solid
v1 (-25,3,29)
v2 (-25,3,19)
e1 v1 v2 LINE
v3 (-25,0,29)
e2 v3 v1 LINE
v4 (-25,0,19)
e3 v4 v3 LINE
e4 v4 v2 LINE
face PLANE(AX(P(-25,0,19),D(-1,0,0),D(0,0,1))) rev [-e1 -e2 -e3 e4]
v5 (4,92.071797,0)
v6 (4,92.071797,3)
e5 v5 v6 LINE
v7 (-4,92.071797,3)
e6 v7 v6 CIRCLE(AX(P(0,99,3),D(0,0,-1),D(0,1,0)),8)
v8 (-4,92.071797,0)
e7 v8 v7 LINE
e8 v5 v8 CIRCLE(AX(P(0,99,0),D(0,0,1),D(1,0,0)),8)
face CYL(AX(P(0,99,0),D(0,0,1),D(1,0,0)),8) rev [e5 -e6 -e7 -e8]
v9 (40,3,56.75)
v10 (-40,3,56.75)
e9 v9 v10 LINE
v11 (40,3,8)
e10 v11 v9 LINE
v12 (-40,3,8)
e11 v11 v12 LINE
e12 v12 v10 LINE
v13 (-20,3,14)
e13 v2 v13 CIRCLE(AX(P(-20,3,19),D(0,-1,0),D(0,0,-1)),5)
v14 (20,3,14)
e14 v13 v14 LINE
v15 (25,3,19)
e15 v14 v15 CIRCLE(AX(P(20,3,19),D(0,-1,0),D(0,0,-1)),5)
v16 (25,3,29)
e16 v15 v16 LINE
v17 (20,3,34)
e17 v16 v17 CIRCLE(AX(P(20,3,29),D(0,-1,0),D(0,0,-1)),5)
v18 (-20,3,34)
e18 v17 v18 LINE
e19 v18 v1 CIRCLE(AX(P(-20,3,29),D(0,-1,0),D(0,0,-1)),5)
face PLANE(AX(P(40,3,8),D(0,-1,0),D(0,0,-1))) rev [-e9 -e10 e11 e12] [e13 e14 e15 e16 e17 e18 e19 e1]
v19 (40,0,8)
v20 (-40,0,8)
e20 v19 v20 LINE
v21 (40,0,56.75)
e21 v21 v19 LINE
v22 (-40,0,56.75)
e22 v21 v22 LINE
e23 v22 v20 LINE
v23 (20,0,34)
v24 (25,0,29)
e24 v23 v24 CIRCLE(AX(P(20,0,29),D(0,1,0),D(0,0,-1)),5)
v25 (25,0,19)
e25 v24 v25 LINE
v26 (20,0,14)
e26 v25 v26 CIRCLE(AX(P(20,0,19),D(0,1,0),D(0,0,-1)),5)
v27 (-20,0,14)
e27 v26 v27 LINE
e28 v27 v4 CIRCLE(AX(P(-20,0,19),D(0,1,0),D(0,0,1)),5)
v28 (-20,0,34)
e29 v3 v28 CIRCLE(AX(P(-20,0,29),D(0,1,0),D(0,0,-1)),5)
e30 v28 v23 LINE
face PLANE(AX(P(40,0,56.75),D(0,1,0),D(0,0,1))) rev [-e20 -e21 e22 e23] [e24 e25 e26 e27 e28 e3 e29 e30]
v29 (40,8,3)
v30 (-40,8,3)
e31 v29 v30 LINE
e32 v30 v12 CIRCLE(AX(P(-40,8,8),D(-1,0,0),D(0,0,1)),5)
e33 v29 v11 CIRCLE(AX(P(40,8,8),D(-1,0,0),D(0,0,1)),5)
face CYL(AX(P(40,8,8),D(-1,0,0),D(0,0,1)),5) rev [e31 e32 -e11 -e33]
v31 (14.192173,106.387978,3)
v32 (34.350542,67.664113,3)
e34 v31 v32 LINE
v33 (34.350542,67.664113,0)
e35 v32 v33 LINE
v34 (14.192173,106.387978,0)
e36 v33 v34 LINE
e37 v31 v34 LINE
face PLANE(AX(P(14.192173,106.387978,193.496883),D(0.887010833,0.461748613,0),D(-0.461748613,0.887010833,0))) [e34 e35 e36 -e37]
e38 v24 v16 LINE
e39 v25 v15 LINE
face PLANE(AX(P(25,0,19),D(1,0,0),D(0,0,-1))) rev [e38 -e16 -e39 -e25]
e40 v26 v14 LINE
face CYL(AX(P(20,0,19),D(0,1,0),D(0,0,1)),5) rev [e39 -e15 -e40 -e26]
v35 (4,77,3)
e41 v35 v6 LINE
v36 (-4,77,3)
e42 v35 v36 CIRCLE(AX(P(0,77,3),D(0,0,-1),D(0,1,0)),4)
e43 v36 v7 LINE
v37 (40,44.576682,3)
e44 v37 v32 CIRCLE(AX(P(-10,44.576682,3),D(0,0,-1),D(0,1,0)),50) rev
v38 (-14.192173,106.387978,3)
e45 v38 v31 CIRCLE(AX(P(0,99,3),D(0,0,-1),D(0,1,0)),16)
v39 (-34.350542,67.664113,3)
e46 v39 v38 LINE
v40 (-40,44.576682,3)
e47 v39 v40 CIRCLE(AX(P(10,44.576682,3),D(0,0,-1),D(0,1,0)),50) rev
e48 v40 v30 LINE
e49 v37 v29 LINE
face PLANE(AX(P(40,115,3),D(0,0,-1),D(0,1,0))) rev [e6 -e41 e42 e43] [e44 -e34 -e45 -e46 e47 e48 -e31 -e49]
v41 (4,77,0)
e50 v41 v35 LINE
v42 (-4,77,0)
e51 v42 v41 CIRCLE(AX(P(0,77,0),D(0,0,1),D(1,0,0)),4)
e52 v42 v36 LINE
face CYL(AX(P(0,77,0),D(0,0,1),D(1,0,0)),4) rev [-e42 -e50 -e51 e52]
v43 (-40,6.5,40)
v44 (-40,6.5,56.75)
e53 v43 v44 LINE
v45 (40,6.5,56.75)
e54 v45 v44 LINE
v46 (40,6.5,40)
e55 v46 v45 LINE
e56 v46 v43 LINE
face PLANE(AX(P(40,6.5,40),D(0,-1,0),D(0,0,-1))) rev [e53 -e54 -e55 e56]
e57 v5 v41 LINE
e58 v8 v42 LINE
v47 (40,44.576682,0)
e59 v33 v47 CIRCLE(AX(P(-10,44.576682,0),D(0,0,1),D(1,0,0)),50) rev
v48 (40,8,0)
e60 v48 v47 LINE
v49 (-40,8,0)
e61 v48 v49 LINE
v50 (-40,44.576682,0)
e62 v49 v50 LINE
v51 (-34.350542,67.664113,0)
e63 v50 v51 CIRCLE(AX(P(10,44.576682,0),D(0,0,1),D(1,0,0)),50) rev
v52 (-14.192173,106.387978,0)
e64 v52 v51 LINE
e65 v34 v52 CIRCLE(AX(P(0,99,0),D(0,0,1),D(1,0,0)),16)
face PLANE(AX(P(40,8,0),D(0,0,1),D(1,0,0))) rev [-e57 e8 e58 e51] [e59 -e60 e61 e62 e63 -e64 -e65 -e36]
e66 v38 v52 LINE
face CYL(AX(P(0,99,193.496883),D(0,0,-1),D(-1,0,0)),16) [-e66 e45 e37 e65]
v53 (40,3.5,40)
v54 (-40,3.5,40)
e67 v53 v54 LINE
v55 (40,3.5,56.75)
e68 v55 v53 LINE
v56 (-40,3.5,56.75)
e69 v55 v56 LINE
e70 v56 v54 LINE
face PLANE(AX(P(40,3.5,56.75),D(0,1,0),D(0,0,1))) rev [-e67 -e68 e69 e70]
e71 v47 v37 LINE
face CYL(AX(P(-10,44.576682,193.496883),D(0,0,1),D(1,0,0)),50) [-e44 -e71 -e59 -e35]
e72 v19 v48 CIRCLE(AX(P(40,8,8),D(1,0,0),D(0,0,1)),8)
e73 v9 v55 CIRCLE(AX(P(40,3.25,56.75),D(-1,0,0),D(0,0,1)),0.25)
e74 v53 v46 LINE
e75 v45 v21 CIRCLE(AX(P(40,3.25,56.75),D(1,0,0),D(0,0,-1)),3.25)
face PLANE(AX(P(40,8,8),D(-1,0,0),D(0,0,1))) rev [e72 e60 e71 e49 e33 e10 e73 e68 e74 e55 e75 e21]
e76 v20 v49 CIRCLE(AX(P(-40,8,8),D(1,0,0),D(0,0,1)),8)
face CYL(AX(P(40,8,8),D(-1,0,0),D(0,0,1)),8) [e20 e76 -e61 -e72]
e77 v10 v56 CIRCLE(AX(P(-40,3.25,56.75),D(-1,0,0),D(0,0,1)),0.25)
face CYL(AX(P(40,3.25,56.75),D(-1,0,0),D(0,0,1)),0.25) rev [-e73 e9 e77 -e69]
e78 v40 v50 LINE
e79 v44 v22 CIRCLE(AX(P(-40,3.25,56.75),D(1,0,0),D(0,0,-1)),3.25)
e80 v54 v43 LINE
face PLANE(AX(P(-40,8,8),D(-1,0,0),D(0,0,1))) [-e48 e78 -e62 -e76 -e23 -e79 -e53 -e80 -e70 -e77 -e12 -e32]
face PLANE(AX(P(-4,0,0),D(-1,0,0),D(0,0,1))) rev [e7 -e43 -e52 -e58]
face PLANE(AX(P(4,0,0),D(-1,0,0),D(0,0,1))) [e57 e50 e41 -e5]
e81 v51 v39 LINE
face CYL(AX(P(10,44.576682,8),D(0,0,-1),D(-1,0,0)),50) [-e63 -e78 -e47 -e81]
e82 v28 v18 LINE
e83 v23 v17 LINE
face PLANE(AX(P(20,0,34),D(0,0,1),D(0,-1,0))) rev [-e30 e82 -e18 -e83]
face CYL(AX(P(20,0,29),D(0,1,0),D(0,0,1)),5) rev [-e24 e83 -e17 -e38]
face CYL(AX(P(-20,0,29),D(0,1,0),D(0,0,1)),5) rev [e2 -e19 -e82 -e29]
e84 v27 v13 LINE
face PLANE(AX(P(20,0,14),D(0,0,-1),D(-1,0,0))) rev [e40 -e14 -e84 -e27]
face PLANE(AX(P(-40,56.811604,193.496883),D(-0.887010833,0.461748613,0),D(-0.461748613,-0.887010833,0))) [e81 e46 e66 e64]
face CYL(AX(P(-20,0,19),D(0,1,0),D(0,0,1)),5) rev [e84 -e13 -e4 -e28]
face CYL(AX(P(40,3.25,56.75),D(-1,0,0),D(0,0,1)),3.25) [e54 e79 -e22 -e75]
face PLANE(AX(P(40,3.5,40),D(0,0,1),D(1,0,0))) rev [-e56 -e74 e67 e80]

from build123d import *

# Parameters (mm, degrees)
BOSS_EXTRUDE1_DEPTH     = 40
CUT_EXTRUDE2_DEPTH      = 58
CUT_EXTRUDE2_DEPTH_BACK = 4
FILLET2_R               = 50
SKETCH4_R               = 8
CUT_EXTRUDE4_DEPTH      = 58
CUT_EXTRUDE4_DEPTH_BACK = 4
CUT_EXTRUDE5_DEPTH      = 113
CUT_EXTRUDE5_DEPTH_BACK = 4


with BuildPart() as part:
    # Sketch1 → Boss-Extrude1 (new body, symmetric)
    with BuildSketch(Plane.YZ):
        with BuildLine():
            Line((8, 0), (115, 0))
            Line((115, 0), (115, 3))
            Line((115, 3), (8, 3))
            ThreePointArc((8, 3), (4.464466094, 4.464466094), (3, 8))
            Line((3, 8), (3, 56.75))
            ThreePointArc((3, 56.75), (3.25, 57), (3.5, 56.75))
            Line((3.5, 56.75), (3.5, 40))
            Line((3.5, 40), (6.5, 40))
            Line((6.5, 40), (6.5, 56.75))
            ThreePointArc((6.5, 56.75), (3.25, 60), (0, 56.75))
            Line((0, 56.75), (0, 8))
            ThreePointArc((0, 8), (2.343145751, 2.343145751), (8, 0))
        make_face()
    extrude(amount=BOSS_EXTRUDE1_DEPTH, both=True)

    # Sketch2 → Cut-Extrude2 (cut, two sides)
    with BuildSketch(Plane.XY.offset(3)) as cut_extrude2_sk:
        with BuildLine():
            Line((-135.973206715, -127.551210724), (-40, 56.811604044))
            Line((-40, 56.811604044), (-14.192173331, 106.387977812))
            ThreePointArc((-14.192173331, 106.387977812), (0, 115), (14.192173331, 106.387977812))
            Line((14.192173331, 106.387977812), (40, 56.811604044))
            Line((40, 56.811604044), (135.973206715, -127.551210724))
            Line((135.973206715, -127.551210724), (135.973206715, 288.143407362))
            Line((135.973206715, 288.143407362), (-135.973206715, 288.143407362))
            Line((-135.973206715, 288.143407362), (-135.973206715, -127.551210724))
        make_face()
    extrude(amount=CUT_EXTRUDE2_DEPTH, mode=Mode.SUBTRACT)
    extrude(cut_extrude2_sk.sketch, amount=-CUT_EXTRUDE2_DEPTH_BACK, mode=Mode.SUBTRACT)

    # Fillet2
    fillet2_edges = [part.edges().sort_by_distance(p)[0] for p in [
        (-40, 56.811604044, 1.5),
        (40, 56.811604044, 1.5),
    ]]
    fillet(fillet2_edges, radius=FILLET2_R)

    # Sketch4 → Cut-Extrude4 (cut, two sides)
    with BuildSketch(Plane.XY.offset(3)) as cut_extrude4_sk:
        with Locations((0, 99)):
            Circle(SKETCH4_R)
        with BuildLine():
            Line((4, 99), (4, 77))
            ThreePointArc((4, 77), (0, 73), (-4, 77))
            Line((-4, 77), (-4, 99))
            ThreePointArc((-4, 99), (0, 103), (4, 99))
        make_face()
    extrude(amount=CUT_EXTRUDE4_DEPTH, mode=Mode.SUBTRACT)
    extrude(cut_extrude4_sk.sketch, amount=-CUT_EXTRUDE4_DEPTH_BACK, mode=Mode.SUBTRACT)

    # Sketch5 → Cut-Extrude5 (cut, two sides)
    with BuildSketch(Plane(origin=(0, 3, 0), x_dir=(-1, 0, 0), z_dir=(0, 1, 0))) as cut_extrude5_sk:
        with BuildLine():
            Line((-20, 14), (20, 14))
            ThreePointArc((20, 14), (23.535533906, 15.464466094), (25, 19))
            Line((25, 19), (25, 29))
            ThreePointArc((25, 29), (23.535533906, 32.535533906), (20, 34))
            Line((20, 34), (-20, 34))
            ThreePointArc((-20, 34), (-23.535533906, 32.535533906), (-25, 29))
            Line((-25, 29), (-25, 19))
            ThreePointArc((-25, 19), (-23.535533906, 15.464466094), (-20, 14))
        make_face()
    extrude(amount=CUT_EXTRUDE5_DEPTH, mode=Mode.SUBTRACT)
    extrude(cut_extrude5_sk.sketch, amount=-CUT_EXTRUDE5_DEPTH_BACK, mode=Mode.SUBTRACT)


solid = part.part
